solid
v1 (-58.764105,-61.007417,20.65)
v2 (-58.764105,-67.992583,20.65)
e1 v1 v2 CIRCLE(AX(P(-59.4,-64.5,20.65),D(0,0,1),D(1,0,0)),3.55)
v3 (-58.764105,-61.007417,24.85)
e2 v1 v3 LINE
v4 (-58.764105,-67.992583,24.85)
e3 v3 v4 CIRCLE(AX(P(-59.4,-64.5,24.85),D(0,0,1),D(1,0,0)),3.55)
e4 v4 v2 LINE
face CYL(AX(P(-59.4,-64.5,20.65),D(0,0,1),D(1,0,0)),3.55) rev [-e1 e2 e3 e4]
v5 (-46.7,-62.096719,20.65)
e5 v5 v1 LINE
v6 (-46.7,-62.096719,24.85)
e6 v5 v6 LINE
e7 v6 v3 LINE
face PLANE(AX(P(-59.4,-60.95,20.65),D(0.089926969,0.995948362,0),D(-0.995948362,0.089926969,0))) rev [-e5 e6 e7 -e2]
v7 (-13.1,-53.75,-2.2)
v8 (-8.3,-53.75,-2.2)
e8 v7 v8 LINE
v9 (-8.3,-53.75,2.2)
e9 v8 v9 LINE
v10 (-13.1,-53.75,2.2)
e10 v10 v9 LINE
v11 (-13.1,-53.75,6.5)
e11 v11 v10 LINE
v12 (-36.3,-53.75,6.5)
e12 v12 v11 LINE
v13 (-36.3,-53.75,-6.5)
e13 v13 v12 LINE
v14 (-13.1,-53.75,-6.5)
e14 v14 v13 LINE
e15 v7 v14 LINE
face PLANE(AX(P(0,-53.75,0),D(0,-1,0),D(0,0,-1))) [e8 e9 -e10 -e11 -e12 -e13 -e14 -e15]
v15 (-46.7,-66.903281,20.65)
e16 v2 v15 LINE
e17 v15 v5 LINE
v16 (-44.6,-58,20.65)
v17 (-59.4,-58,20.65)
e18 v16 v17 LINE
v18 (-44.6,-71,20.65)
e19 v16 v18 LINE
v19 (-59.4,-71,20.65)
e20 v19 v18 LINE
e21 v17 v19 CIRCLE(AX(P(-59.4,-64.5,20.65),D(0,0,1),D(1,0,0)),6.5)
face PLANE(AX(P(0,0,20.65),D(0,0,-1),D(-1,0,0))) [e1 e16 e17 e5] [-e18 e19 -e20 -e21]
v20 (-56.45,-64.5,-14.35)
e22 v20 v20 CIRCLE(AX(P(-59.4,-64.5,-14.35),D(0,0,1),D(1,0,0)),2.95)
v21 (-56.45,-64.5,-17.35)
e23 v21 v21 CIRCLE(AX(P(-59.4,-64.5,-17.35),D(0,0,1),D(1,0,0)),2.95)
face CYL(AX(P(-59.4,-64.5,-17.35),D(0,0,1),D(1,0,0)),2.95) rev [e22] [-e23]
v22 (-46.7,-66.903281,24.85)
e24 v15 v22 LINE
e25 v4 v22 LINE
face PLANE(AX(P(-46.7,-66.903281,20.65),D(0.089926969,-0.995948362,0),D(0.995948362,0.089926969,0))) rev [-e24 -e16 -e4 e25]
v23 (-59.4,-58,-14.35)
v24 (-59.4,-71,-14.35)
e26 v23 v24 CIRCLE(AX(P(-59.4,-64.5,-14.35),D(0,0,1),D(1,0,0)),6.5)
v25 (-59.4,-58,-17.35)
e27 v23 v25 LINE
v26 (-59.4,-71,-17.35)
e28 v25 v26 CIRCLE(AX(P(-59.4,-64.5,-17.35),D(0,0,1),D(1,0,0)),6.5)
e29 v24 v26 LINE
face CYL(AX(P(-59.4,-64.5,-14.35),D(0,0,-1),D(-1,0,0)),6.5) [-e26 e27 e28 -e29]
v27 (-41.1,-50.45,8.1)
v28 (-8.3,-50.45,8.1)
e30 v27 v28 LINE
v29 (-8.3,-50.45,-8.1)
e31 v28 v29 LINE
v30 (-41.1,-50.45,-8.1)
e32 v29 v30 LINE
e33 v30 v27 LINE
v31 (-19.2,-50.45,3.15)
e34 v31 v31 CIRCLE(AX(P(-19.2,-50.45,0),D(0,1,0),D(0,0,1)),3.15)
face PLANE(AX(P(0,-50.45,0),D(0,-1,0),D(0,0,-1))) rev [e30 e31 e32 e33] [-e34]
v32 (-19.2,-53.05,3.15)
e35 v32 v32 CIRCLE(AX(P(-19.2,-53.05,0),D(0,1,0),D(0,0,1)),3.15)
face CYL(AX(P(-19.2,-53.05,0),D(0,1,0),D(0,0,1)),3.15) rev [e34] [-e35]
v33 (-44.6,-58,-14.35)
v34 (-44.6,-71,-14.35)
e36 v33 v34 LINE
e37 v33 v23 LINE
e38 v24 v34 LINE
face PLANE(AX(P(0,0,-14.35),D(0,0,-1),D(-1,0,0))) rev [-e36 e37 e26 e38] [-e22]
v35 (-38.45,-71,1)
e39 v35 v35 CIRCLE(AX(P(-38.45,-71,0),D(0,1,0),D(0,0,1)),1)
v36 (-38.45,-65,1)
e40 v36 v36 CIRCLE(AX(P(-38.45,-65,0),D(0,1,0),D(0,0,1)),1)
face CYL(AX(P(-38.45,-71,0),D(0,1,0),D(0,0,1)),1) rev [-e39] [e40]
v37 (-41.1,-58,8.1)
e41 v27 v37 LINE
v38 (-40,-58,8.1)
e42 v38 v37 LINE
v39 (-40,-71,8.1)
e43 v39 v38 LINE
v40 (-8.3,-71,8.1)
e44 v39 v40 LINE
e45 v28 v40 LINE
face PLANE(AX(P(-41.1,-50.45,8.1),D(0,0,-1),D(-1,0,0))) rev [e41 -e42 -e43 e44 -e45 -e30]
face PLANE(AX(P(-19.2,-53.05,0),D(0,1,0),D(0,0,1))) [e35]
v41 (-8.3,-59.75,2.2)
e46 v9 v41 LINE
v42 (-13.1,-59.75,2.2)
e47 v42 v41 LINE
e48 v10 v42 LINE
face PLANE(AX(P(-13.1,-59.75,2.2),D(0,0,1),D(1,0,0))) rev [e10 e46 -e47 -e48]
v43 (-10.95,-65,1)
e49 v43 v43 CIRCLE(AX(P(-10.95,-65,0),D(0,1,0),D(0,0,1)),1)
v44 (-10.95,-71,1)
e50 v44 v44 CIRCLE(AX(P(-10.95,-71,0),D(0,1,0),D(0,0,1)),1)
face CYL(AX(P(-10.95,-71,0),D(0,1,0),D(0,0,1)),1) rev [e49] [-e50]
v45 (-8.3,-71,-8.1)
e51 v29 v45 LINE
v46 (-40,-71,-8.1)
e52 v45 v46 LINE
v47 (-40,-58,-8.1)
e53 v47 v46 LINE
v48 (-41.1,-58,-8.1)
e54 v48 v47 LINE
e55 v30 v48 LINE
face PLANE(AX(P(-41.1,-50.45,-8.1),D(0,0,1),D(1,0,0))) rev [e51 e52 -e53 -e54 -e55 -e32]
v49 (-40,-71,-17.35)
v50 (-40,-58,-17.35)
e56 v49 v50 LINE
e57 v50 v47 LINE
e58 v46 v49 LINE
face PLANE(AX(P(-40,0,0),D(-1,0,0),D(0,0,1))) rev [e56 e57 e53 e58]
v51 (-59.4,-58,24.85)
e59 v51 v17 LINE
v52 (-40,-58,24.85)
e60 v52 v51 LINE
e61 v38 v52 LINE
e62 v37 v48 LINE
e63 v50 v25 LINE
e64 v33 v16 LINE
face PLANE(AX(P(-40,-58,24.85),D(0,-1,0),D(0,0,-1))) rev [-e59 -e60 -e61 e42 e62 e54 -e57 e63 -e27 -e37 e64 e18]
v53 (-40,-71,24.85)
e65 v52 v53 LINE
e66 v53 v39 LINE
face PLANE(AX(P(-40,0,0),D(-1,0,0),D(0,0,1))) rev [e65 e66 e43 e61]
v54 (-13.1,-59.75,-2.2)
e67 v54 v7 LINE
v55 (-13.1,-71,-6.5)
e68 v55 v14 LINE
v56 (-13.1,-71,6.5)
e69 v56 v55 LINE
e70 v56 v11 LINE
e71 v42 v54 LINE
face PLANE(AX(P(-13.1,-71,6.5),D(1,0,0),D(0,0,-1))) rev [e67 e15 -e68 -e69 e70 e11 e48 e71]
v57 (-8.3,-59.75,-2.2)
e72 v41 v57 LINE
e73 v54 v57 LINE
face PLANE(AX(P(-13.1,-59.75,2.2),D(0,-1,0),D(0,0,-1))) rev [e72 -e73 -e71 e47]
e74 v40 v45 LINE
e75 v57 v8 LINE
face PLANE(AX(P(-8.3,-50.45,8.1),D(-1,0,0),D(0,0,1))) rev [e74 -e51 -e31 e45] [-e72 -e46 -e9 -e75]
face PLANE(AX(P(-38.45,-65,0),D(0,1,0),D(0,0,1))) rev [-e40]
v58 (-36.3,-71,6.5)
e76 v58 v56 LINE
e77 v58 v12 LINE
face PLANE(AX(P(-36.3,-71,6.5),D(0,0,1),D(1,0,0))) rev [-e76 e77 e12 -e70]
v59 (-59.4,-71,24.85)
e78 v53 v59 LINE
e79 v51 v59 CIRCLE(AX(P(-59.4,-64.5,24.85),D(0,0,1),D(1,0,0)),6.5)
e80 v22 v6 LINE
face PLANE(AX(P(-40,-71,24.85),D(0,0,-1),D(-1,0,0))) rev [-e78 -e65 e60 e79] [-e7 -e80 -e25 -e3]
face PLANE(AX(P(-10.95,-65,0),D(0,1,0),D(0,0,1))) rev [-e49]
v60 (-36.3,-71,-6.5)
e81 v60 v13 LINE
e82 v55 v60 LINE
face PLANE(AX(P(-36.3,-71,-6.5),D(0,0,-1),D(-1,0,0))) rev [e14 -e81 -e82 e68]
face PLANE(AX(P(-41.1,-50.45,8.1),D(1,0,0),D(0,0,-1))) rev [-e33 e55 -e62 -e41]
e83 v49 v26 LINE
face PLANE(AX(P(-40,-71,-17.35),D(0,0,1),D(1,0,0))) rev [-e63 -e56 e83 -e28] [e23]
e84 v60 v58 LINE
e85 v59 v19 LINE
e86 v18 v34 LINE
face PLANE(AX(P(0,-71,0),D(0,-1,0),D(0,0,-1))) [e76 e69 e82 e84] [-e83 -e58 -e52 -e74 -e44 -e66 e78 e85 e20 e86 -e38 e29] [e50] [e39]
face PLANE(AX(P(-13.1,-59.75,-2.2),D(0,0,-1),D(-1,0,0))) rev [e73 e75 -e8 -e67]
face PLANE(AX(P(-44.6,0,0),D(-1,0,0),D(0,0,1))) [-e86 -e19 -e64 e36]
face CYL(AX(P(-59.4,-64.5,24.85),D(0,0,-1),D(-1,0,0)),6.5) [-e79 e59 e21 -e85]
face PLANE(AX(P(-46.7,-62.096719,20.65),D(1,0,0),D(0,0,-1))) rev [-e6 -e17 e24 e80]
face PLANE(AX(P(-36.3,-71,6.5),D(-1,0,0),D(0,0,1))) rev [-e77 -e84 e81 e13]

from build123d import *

# Parameters (mm, degrees)
BOSS_EXTRUDE1_START = -60.725
SKETCH1_W           = 32.8
SKETCH1_H           = 16.2
BOSS_EXTRUDE1_DEPTH = 10.275
BOSS_EXTRUDE2_START = -42.3
SKETCH2_W           = 42.2
SKETCH2_H           = 13
BOSS_EXTRUDE2_DEPTH = 2.3
BOSS_EXTRUDE3_START = 22.75
SKETCH3_R           = 6.5
BOSS_EXTRUDE3_DEPTH = 2.1
BOSS_EXTRUDE4_START = 22.75
SKETCH4_W           = 18.3
SKETCH4_H           = 13
BOSS_EXTRUDE4_DEPTH = 2.1
CUT_EXTRUDE1_START  = 22.75
SKETCH5_R           = 3.55
CUT_EXTRUDE1_DEPTH  = 2.1
CUT_EXTRUDE2_START  = 22.75
CUT_EXTRUDE2_DEPTH  = 2.1
BOSS_EXTRUDE5_START = -15.85
SKETCH7_R           = 6.5
BOSS_EXTRUDE5_DEPTH = 1.5
BOSS_EXTRUDE6_START = -15.85
SKETCH8_W           = 18.3
SKETCH8_H           = 13
BOSS_EXTRUDE6_DEPTH = 1.5
CUT_EXTRUDE3_START  = -15.85
SKETCH9_R           = 2.95
CUT_EXTRUDE3_DEPTH  = 1.5
CUT_EXTRUDE4_START  = -62.375
SKETCH10_W          = 23.2
SKETCH10_H          = 13
CUT_EXTRUDE4_DEPTH  = 8.625
CUT_EXTRUDE5_START  = -68
SKETCH11_R          = 1
CUT_EXTRUDE5_DEPTH  = 3
CUT_EXTRUDE6_START  = -68
SKETCH12_R          = 1
CUT_EXTRUDE6_DEPTH  = 3
CUT_EXTRUDE7_START  = -51.75
SKETCH13_R          = 3.15
CUT_EXTRUDE7_DEPTH  = 1.3
CUT_EXTRUDE8_START  = -10.7
SKETCH14_W          = 4.4
SKETCH14_H          = 6
CUT_EXTRUDE8_DEPTH  = 2.4


with BuildPart() as part:
    # Sketch1 → Boss-Extrude1 (new, symmetric)
    with BuildSketch(Plane(origin=(0, 0, 0), x_dir=(1, 0, 0), z_dir=(0, 1, 0)).offset(BOSS_EXTRUDE1_START)):
        with Locations((-24.7, 0)):
            Rectangle(SKETCH1_W, SKETCH1_H)
    extrude(amount=BOSS_EXTRUDE1_DEPTH, both=True)

    # Sketch2 → Boss-Extrude2 (add, symmetric)
    with BuildSketch(Plane(origin=(0, 0, 0), x_dir=(0, 0, -1), z_dir=(1, 0, 0)).offset(BOSS_EXTRUDE2_START)):
        with Locations((-3.75, -64.5)):
            Rectangle(SKETCH2_W, SKETCH2_H)
    extrude(amount=BOSS_EXTRUDE2_DEPTH, both=True)



with BuildPart() as body_2:
    # Sketch3 → Boss-Extrude3 (new, symmetric)
    with BuildSketch(Plane.XY.offset(BOSS_EXTRUDE3_START)):
        with Locations((-59.4, -64.5)):
            Circle(SKETCH3_R)
    extrude(amount=BOSS_EXTRUDE3_DEPTH, both=True)


with BuildPart() as part_1:
    add(part.part)

    add(body_2.part)  # Boss-Extrude4 merges body 2
    # Sketch4 → Boss-Extrude4 (add, symmetric)
    with BuildSketch(Plane.XY.offset(BOSS_EXTRUDE4_START)):
        with Locations((-50.25, -64.5)):
            Rectangle(SKETCH4_W, SKETCH4_H)
    extrude(amount=BOSS_EXTRUDE4_DEPTH, both=True)

    # Sketch5 → Cut-Extrude1 (cut, symmetric)
    with BuildSketch(Plane.XY.offset(CUT_EXTRUDE1_START)):
        with Locations((-59.4, -64.5)):
            Circle(SKETCH5_R)
    extrude(amount=CUT_EXTRUDE1_DEPTH, both=True, mode=Mode.SUBTRACT)

    # Sketch6 → Cut-Extrude2 (cut, symmetric)
    with BuildSketch(Plane.XY.offset(CUT_EXTRUDE2_START)):
        Polygon((-59.4, -60.95), (-46.7, -62.096718595), (-46.7, -66.903281405), (-59.4, -68.05), align=None)
    extrude(amount=CUT_EXTRUDE2_DEPTH, both=True, mode=Mode.SUBTRACT)



with BuildPart() as body_2_2:
    # Sketch7 → Boss-Extrude5 (new, symmetric)
    with BuildSketch(Plane.XY.offset(BOSS_EXTRUDE5_START)):
        with Locations((-59.4, -64.5)):
            Circle(SKETCH7_R)
    extrude(amount=BOSS_EXTRUDE5_DEPTH, both=True)


with BuildPart() as part_2:
    add(part_1.part)

    add(body_2_2.part)  # Boss-Extrude6 merges body 2 2
    # Sketch8 → Boss-Extrude6 (add, symmetric)
    with BuildSketch(Plane.XY.offset(BOSS_EXTRUDE6_START)):
        with Locations((-50.25, -64.5)):
            Rectangle(SKETCH8_W, SKETCH8_H)
    extrude(amount=BOSS_EXTRUDE6_DEPTH, both=True)

    # Sketch9 → Cut-Extrude3 (cut, symmetric)
    with BuildSketch(Plane.XY.offset(CUT_EXTRUDE3_START)):
        with Locations((-59.4, -64.5)):
            Circle(SKETCH9_R)
    extrude(amount=CUT_EXTRUDE3_DEPTH, both=True, mode=Mode.SUBTRACT)

    # Sketch10 → Cut-Extrude4 (cut, symmetric)
    with BuildSketch(Plane(origin=(0, 0, 0), x_dir=(1, 0, 0), z_dir=(0, 1, 0)).offset(CUT_EXTRUDE4_START)):
        with Locations((-24.7, 0)):
            Rectangle(SKETCH10_W, SKETCH10_H)
    extrude(amount=CUT_EXTRUDE4_DEPTH, both=True, mode=Mode.SUBTRACT)

    # Sketch11 → Cut-Extrude5 (cut, symmetric)
    with BuildSketch(Plane(origin=(0, 0, 0), x_dir=(1, 0, 0), z_dir=(0, 1, 0)).offset(CUT_EXTRUDE5_START)):
        with Locations(Location((-38.45, 0, 0), (0, 0, 270))):
            Circle(SKETCH11_R)
    extrude(amount=CUT_EXTRUDE5_DEPTH, both=True, mode=Mode.SUBTRACT)

    # Sketch12 → Cut-Extrude6 (cut, symmetric)
    with BuildSketch(Plane(origin=(0, 0, 0), x_dir=(1, 0, 0), z_dir=(0, 1, 0)).offset(CUT_EXTRUDE6_START)):
        with Locations(Location((-10.95, 0, 0), (0, 0, 270))):
            Circle(SKETCH12_R)
    extrude(amount=CUT_EXTRUDE6_DEPTH, both=True, mode=Mode.SUBTRACT)

    # Sketch13 → Cut-Extrude7 (cut, symmetric)
    with BuildSketch(Plane(origin=(0, 0, 0), x_dir=(1, 0, 0), z_dir=(0, 1, 0)).offset(CUT_EXTRUDE7_START)):
        with Locations(Location((-19.2, 0, 0), (0, 0, 270))):
            Circle(SKETCH13_R)
    extrude(amount=CUT_EXTRUDE7_DEPTH, both=True, mode=Mode.SUBTRACT)

    # Sketch14 → Cut-Extrude8 (cut, symmetric)
    with BuildSketch(Plane(origin=(0, 0, 0), x_dir=(0, 0, -1), z_dir=(1, 0, 0)).offset(CUT_EXTRUDE8_START)):
        with Locations((0, -56.75)):
            Rectangle(SKETCH14_W, SKETCH14_H)
    extrude(amount=CUT_EXTRUDE8_DEPTH, both=True, mode=Mode.SUBTRACT)


solid = part_2.part
